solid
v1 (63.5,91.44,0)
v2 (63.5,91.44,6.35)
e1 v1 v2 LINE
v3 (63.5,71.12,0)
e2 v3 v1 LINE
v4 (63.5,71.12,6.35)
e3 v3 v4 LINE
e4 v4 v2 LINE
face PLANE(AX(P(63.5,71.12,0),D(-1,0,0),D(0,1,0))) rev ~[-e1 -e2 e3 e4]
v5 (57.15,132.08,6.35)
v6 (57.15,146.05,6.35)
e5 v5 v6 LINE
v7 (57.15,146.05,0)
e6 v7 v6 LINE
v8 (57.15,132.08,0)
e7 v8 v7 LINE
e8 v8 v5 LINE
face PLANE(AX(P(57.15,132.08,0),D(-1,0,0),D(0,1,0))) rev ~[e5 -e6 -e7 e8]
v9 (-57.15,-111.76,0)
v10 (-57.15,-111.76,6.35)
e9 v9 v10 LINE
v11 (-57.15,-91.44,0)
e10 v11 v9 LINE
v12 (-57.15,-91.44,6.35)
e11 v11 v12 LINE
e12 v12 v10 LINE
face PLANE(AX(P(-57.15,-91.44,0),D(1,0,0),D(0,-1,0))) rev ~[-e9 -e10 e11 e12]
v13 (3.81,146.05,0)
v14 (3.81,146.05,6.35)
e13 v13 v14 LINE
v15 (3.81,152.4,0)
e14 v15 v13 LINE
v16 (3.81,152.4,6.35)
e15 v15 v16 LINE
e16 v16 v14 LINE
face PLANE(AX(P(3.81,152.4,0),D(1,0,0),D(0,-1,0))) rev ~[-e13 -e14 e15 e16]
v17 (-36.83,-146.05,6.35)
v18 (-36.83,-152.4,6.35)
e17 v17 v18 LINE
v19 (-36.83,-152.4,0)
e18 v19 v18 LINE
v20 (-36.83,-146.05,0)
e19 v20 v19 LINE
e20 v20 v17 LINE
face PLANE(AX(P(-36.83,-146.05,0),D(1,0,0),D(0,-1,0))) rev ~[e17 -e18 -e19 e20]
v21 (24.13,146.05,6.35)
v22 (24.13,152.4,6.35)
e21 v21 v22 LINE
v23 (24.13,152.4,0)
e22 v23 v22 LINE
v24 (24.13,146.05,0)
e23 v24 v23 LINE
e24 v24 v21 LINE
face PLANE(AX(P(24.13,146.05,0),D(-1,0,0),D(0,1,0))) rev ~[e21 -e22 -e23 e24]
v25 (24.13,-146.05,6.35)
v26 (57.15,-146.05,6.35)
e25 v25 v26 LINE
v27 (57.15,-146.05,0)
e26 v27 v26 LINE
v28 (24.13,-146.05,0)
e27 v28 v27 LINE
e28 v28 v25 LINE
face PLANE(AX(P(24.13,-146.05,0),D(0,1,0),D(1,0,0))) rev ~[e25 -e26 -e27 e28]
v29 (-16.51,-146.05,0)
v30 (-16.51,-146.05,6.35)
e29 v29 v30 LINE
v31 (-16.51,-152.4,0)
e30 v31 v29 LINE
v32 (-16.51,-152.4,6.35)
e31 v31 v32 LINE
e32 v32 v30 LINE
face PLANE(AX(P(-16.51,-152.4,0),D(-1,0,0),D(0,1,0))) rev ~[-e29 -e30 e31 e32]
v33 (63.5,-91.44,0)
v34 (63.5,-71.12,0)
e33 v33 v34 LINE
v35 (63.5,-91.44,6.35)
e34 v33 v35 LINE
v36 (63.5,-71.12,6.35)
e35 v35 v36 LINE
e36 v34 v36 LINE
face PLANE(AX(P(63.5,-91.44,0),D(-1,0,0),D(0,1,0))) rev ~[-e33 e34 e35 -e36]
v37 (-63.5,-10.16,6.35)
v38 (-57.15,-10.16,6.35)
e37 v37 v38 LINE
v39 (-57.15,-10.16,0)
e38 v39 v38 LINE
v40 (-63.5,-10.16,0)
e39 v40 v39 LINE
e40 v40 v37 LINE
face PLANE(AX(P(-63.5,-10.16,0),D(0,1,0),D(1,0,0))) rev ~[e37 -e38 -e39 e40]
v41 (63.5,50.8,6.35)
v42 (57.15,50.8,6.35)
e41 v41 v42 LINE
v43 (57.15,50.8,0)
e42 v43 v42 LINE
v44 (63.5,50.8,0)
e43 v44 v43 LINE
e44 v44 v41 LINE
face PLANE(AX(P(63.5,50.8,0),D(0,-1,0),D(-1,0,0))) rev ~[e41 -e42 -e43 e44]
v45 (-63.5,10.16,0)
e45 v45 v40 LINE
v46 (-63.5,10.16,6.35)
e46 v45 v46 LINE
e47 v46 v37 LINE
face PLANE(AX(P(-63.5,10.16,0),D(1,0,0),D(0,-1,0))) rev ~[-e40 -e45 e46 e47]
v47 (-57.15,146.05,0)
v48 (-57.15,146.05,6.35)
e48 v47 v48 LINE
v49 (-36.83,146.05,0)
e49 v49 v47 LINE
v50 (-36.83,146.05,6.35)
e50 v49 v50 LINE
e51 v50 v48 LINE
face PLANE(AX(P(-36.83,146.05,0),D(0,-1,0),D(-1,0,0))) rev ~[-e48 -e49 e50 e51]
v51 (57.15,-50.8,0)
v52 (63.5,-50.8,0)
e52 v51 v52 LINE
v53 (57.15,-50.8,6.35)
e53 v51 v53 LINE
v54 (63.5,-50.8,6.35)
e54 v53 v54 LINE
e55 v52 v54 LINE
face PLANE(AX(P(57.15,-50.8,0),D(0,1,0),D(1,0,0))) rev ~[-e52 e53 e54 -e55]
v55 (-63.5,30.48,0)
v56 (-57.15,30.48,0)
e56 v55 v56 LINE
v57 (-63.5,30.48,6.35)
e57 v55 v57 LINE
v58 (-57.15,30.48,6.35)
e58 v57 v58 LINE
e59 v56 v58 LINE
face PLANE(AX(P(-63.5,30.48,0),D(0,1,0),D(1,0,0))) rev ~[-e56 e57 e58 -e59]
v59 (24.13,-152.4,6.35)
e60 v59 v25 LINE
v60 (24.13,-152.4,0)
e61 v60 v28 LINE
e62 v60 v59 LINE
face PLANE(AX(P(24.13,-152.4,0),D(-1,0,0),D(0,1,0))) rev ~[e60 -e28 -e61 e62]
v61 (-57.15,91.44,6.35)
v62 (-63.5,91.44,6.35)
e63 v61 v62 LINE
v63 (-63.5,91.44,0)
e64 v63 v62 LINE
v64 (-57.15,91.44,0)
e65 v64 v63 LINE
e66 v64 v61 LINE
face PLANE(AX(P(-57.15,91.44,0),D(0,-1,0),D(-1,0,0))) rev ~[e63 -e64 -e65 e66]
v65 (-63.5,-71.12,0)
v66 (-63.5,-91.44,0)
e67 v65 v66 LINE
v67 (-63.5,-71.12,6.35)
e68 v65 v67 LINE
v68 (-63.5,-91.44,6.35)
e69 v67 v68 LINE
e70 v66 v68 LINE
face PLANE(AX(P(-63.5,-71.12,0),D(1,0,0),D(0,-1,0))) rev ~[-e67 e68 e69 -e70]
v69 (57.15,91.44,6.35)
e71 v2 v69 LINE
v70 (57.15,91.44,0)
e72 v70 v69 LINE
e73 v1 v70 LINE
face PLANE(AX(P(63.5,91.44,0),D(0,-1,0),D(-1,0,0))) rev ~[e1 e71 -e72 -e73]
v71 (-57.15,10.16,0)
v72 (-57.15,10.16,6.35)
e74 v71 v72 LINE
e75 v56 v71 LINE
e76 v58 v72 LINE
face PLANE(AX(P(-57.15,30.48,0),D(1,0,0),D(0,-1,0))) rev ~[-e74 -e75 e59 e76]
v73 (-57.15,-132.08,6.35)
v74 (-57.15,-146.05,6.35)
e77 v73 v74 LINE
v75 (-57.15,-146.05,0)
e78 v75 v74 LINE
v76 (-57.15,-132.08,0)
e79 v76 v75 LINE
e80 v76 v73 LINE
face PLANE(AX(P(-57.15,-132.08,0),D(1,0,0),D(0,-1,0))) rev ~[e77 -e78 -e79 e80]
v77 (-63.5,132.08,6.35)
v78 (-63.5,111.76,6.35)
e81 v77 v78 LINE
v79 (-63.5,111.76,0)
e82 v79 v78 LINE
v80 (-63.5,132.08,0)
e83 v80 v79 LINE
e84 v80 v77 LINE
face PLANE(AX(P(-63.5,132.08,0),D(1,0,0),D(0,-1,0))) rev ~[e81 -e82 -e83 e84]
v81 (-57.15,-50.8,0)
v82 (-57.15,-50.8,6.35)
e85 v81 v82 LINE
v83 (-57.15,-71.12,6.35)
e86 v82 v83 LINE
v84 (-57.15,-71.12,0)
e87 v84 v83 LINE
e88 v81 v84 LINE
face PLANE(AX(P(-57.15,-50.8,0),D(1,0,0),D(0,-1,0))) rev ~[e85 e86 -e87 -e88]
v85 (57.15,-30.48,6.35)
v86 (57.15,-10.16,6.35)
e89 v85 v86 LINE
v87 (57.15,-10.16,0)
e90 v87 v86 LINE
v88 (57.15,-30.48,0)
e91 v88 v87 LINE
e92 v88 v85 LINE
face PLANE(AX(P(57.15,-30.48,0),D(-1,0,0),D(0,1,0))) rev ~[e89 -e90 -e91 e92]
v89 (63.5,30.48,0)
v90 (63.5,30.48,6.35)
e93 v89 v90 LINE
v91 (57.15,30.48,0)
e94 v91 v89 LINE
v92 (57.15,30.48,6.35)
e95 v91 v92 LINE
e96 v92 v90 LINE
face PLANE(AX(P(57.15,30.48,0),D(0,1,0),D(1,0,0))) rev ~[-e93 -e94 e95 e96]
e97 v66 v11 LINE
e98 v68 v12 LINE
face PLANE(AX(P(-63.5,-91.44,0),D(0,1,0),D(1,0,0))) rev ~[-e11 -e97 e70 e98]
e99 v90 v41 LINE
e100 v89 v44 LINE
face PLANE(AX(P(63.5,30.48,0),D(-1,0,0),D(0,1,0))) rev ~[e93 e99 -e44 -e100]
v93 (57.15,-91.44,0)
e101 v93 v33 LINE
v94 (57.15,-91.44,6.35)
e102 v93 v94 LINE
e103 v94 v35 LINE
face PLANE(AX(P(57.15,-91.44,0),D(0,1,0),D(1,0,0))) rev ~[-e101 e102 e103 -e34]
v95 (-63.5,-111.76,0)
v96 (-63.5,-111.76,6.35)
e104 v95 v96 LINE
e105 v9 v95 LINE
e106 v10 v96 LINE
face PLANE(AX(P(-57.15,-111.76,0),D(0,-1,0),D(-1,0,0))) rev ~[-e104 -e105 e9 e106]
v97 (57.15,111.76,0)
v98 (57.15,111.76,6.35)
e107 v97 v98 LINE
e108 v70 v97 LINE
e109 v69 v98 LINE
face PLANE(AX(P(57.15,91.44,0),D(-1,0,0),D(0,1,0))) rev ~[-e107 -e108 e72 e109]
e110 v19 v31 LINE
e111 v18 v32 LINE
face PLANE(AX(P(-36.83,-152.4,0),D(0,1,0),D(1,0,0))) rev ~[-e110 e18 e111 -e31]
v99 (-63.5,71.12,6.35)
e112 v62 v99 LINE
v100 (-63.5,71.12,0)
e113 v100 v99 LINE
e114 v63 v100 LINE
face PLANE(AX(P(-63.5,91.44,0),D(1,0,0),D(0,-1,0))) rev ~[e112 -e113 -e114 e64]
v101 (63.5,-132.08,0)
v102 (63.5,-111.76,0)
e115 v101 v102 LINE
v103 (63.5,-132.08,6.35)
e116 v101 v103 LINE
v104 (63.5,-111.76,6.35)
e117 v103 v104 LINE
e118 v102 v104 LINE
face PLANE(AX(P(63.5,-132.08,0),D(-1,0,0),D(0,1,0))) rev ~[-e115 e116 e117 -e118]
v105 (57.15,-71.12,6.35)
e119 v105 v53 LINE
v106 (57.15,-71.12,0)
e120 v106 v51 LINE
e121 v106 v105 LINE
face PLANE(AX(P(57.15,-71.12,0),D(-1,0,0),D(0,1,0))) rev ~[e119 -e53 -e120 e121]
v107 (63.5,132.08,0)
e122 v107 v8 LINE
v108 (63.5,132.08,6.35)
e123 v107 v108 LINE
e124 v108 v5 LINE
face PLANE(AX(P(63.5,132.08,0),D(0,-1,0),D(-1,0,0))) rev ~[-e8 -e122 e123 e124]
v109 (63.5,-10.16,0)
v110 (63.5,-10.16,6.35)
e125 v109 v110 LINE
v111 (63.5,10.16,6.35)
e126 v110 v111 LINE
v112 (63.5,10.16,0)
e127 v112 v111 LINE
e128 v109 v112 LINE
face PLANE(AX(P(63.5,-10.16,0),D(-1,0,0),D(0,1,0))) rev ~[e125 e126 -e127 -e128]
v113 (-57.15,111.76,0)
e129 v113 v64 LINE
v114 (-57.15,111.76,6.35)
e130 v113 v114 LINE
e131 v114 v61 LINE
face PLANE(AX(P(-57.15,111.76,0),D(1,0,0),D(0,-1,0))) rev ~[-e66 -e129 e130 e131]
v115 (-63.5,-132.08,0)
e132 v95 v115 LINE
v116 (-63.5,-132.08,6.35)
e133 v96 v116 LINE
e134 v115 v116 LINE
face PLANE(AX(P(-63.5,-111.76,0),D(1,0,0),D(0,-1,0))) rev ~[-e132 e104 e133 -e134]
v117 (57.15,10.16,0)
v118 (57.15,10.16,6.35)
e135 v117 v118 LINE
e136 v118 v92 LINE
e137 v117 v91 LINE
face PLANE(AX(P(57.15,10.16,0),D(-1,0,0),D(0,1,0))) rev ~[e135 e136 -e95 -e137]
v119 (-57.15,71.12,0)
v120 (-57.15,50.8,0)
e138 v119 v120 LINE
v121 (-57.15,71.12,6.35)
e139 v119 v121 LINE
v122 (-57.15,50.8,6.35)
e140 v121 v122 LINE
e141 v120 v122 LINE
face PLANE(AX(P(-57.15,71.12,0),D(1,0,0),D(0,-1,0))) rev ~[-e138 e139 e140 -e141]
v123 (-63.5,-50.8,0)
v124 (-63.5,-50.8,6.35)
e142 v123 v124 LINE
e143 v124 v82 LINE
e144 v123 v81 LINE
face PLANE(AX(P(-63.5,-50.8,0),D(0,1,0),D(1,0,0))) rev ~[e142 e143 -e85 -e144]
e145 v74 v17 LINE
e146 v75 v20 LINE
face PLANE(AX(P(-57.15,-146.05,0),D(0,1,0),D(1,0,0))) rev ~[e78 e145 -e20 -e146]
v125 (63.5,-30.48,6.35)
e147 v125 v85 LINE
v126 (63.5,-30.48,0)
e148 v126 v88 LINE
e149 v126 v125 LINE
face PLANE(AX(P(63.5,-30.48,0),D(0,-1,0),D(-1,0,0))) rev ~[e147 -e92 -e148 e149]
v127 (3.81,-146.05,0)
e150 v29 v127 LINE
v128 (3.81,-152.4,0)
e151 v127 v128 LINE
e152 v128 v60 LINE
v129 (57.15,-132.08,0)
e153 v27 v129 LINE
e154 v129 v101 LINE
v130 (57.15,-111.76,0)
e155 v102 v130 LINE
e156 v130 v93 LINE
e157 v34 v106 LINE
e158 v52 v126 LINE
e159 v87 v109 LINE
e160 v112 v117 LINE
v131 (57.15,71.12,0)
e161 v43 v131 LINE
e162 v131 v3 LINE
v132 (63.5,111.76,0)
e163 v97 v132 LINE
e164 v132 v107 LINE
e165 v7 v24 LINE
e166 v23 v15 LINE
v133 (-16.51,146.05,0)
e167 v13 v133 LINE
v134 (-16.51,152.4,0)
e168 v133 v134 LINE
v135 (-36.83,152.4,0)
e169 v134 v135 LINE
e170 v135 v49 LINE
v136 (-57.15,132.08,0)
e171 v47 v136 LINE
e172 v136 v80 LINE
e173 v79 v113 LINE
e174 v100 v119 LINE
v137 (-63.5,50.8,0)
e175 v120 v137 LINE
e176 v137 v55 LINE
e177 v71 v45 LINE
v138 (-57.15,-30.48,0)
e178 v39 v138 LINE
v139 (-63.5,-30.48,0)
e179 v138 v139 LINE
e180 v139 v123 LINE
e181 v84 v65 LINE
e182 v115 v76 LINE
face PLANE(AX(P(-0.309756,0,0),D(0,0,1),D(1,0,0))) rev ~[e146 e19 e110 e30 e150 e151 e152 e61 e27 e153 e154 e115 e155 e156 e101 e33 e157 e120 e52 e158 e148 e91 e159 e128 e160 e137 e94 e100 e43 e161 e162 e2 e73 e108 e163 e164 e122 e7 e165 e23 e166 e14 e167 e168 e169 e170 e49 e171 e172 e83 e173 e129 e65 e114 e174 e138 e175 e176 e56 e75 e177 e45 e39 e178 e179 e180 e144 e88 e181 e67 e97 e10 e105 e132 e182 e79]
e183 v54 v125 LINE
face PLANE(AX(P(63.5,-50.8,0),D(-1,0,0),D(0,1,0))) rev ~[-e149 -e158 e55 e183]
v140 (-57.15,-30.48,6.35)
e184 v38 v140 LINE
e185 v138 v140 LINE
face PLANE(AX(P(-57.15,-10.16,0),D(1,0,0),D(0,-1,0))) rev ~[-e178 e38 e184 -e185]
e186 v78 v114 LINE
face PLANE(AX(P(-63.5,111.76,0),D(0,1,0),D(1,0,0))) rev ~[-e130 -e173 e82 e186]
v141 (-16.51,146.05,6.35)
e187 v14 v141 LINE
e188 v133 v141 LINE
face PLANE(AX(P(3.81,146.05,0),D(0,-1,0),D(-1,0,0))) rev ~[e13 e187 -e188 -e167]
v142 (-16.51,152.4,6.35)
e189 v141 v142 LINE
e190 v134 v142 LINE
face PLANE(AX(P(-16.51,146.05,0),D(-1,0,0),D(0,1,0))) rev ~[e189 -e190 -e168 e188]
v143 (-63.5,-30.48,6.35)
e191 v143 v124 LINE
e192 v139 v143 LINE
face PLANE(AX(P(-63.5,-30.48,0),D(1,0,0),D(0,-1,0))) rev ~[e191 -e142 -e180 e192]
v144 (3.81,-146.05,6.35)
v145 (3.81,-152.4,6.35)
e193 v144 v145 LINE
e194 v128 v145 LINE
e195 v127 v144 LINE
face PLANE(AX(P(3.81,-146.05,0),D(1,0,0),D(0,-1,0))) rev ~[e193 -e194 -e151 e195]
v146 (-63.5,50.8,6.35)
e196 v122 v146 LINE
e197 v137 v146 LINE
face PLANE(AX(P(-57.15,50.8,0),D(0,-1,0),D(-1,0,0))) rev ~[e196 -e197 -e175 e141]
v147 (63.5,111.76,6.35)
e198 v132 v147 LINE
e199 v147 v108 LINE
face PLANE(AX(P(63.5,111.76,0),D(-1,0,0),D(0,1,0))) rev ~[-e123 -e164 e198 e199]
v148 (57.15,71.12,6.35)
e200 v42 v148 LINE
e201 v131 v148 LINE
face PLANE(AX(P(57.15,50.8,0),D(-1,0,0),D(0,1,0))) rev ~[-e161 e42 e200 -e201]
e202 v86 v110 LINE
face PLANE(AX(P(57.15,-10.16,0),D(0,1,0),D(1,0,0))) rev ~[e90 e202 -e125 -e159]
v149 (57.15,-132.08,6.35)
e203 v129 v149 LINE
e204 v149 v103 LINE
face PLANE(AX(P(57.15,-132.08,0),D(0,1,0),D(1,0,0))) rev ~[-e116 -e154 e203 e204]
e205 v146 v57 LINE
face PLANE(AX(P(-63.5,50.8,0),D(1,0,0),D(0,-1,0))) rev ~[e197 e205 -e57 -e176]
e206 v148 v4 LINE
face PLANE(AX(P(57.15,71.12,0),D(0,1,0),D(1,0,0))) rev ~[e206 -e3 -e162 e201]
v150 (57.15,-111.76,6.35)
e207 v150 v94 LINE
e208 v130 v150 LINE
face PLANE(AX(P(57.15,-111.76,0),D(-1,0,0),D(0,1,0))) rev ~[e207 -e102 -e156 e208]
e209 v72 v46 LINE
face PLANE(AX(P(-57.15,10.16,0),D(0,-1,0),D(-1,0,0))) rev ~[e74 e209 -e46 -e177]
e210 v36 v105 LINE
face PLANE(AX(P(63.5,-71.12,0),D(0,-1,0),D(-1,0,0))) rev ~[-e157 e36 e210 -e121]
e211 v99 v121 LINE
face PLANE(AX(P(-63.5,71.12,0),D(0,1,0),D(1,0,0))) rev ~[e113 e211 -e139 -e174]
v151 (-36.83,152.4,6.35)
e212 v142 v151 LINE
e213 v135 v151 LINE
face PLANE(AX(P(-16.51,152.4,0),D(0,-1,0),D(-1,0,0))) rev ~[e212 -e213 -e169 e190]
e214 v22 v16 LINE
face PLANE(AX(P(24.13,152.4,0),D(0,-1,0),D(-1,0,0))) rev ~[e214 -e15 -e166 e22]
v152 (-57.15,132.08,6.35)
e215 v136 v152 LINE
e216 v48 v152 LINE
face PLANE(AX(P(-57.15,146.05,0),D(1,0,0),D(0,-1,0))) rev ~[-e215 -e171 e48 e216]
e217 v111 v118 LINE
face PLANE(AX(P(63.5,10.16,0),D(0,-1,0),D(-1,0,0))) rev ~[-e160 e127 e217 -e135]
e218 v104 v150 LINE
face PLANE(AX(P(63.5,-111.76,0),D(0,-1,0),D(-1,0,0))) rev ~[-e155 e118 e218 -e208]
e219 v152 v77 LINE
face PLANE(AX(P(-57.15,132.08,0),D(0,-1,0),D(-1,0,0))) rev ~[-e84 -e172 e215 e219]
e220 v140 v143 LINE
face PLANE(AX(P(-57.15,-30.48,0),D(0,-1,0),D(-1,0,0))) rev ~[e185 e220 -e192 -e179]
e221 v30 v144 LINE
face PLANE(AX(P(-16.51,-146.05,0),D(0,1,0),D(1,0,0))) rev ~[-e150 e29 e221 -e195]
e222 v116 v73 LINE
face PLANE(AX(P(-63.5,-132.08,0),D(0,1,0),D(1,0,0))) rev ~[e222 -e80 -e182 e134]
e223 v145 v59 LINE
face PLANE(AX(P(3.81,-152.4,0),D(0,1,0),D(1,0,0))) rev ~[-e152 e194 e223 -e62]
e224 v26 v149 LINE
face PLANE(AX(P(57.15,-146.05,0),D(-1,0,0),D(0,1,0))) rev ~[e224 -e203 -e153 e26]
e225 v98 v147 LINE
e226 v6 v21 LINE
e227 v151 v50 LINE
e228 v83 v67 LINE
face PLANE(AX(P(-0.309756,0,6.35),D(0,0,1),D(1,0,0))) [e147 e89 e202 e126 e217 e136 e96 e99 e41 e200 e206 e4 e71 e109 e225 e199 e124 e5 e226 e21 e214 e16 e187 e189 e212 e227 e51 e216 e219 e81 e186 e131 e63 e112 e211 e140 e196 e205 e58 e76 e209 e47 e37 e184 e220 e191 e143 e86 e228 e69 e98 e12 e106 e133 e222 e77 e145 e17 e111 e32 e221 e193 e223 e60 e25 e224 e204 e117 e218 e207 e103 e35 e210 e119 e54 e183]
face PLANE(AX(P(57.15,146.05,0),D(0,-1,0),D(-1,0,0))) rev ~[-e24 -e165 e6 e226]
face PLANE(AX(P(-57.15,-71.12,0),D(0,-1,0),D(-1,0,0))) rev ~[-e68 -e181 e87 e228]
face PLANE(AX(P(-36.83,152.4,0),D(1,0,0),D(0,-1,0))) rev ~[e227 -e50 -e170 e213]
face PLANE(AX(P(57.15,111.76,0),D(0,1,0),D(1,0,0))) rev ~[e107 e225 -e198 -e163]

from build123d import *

# Parameters (mm, degrees)
F1_DEPTH = 6.35


with BuildPart() as f1:
    # F0 (on Top) → F1 (new body)
    with BuildSketch(Plane.XY):
        Polygon((57.15, 132.08), (57.15, 146.05), (24.13, 146.05), (24.13, 152.4), (3.81, 152.4), (3.81, 146.05), (-16.51, 146.05), (-16.51, 152.4), (-36.83, 152.4), (-36.83, 146.05), (-57.15, 146.05), (-57.15, 132.08), (-63.5, 132.08), (-63.5, 111.76), (-57.15, 111.76), (-57.15, 91.44), (-63.5, 91.44), (-63.5, 71.12), (-57.15, 71.12), (-57.15, 50.8), (-63.5, 50.8), (-63.5, 30.48), (-57.15, 30.48), (-57.15, 10.16), (-63.5, 10.16), (-63.5, -10.16), (-57.15, -10.16), (-57.15, -30.48), (-63.5, -30.48), (-63.5, -50.8), (-57.15, -50.8), (-57.15, -71.12), (-63.5, -71.12), (-63.5, -91.44), (-57.15, -91.44), (-57.15, -111.76), (-63.5, -111.76), (-63.5, -132.08), (-57.15, -132.08), (-57.15, -146.05), (-36.83, -146.05), (-36.83, -152.4), (-16.51, -152.4), (-16.51, -146.05), (3.81, -146.05), (3.81, -152.4), (24.13, -152.4), (24.13, -146.05), (57.15, -146.05), (57.15, -132.08), (63.5, -132.08), (63.5, -111.76), (57.15, -111.76), (57.15, -91.44), (63.5, -91.44), (63.5, -71.12), (57.15, -71.12), (57.15, -50.8), (63.5, -50.8), (63.5, -30.48), (57.15, -30.48), (57.15, -10.16), (63.5, -10.16), (63.5, 10.16), (57.15, 10.16), (57.15, 30.48), (63.5, 30.48), (63.5, 50.8), (57.15, 50.8), (57.15, 71.12), (63.5, 71.12), (63.5, 91.44), (57.15, 91.44), (57.15, 111.76), (63.5, 111.76), (63.5, 132.08), align=None)
    extrude(amount=F1_DEPTH)


solid = f1.part
